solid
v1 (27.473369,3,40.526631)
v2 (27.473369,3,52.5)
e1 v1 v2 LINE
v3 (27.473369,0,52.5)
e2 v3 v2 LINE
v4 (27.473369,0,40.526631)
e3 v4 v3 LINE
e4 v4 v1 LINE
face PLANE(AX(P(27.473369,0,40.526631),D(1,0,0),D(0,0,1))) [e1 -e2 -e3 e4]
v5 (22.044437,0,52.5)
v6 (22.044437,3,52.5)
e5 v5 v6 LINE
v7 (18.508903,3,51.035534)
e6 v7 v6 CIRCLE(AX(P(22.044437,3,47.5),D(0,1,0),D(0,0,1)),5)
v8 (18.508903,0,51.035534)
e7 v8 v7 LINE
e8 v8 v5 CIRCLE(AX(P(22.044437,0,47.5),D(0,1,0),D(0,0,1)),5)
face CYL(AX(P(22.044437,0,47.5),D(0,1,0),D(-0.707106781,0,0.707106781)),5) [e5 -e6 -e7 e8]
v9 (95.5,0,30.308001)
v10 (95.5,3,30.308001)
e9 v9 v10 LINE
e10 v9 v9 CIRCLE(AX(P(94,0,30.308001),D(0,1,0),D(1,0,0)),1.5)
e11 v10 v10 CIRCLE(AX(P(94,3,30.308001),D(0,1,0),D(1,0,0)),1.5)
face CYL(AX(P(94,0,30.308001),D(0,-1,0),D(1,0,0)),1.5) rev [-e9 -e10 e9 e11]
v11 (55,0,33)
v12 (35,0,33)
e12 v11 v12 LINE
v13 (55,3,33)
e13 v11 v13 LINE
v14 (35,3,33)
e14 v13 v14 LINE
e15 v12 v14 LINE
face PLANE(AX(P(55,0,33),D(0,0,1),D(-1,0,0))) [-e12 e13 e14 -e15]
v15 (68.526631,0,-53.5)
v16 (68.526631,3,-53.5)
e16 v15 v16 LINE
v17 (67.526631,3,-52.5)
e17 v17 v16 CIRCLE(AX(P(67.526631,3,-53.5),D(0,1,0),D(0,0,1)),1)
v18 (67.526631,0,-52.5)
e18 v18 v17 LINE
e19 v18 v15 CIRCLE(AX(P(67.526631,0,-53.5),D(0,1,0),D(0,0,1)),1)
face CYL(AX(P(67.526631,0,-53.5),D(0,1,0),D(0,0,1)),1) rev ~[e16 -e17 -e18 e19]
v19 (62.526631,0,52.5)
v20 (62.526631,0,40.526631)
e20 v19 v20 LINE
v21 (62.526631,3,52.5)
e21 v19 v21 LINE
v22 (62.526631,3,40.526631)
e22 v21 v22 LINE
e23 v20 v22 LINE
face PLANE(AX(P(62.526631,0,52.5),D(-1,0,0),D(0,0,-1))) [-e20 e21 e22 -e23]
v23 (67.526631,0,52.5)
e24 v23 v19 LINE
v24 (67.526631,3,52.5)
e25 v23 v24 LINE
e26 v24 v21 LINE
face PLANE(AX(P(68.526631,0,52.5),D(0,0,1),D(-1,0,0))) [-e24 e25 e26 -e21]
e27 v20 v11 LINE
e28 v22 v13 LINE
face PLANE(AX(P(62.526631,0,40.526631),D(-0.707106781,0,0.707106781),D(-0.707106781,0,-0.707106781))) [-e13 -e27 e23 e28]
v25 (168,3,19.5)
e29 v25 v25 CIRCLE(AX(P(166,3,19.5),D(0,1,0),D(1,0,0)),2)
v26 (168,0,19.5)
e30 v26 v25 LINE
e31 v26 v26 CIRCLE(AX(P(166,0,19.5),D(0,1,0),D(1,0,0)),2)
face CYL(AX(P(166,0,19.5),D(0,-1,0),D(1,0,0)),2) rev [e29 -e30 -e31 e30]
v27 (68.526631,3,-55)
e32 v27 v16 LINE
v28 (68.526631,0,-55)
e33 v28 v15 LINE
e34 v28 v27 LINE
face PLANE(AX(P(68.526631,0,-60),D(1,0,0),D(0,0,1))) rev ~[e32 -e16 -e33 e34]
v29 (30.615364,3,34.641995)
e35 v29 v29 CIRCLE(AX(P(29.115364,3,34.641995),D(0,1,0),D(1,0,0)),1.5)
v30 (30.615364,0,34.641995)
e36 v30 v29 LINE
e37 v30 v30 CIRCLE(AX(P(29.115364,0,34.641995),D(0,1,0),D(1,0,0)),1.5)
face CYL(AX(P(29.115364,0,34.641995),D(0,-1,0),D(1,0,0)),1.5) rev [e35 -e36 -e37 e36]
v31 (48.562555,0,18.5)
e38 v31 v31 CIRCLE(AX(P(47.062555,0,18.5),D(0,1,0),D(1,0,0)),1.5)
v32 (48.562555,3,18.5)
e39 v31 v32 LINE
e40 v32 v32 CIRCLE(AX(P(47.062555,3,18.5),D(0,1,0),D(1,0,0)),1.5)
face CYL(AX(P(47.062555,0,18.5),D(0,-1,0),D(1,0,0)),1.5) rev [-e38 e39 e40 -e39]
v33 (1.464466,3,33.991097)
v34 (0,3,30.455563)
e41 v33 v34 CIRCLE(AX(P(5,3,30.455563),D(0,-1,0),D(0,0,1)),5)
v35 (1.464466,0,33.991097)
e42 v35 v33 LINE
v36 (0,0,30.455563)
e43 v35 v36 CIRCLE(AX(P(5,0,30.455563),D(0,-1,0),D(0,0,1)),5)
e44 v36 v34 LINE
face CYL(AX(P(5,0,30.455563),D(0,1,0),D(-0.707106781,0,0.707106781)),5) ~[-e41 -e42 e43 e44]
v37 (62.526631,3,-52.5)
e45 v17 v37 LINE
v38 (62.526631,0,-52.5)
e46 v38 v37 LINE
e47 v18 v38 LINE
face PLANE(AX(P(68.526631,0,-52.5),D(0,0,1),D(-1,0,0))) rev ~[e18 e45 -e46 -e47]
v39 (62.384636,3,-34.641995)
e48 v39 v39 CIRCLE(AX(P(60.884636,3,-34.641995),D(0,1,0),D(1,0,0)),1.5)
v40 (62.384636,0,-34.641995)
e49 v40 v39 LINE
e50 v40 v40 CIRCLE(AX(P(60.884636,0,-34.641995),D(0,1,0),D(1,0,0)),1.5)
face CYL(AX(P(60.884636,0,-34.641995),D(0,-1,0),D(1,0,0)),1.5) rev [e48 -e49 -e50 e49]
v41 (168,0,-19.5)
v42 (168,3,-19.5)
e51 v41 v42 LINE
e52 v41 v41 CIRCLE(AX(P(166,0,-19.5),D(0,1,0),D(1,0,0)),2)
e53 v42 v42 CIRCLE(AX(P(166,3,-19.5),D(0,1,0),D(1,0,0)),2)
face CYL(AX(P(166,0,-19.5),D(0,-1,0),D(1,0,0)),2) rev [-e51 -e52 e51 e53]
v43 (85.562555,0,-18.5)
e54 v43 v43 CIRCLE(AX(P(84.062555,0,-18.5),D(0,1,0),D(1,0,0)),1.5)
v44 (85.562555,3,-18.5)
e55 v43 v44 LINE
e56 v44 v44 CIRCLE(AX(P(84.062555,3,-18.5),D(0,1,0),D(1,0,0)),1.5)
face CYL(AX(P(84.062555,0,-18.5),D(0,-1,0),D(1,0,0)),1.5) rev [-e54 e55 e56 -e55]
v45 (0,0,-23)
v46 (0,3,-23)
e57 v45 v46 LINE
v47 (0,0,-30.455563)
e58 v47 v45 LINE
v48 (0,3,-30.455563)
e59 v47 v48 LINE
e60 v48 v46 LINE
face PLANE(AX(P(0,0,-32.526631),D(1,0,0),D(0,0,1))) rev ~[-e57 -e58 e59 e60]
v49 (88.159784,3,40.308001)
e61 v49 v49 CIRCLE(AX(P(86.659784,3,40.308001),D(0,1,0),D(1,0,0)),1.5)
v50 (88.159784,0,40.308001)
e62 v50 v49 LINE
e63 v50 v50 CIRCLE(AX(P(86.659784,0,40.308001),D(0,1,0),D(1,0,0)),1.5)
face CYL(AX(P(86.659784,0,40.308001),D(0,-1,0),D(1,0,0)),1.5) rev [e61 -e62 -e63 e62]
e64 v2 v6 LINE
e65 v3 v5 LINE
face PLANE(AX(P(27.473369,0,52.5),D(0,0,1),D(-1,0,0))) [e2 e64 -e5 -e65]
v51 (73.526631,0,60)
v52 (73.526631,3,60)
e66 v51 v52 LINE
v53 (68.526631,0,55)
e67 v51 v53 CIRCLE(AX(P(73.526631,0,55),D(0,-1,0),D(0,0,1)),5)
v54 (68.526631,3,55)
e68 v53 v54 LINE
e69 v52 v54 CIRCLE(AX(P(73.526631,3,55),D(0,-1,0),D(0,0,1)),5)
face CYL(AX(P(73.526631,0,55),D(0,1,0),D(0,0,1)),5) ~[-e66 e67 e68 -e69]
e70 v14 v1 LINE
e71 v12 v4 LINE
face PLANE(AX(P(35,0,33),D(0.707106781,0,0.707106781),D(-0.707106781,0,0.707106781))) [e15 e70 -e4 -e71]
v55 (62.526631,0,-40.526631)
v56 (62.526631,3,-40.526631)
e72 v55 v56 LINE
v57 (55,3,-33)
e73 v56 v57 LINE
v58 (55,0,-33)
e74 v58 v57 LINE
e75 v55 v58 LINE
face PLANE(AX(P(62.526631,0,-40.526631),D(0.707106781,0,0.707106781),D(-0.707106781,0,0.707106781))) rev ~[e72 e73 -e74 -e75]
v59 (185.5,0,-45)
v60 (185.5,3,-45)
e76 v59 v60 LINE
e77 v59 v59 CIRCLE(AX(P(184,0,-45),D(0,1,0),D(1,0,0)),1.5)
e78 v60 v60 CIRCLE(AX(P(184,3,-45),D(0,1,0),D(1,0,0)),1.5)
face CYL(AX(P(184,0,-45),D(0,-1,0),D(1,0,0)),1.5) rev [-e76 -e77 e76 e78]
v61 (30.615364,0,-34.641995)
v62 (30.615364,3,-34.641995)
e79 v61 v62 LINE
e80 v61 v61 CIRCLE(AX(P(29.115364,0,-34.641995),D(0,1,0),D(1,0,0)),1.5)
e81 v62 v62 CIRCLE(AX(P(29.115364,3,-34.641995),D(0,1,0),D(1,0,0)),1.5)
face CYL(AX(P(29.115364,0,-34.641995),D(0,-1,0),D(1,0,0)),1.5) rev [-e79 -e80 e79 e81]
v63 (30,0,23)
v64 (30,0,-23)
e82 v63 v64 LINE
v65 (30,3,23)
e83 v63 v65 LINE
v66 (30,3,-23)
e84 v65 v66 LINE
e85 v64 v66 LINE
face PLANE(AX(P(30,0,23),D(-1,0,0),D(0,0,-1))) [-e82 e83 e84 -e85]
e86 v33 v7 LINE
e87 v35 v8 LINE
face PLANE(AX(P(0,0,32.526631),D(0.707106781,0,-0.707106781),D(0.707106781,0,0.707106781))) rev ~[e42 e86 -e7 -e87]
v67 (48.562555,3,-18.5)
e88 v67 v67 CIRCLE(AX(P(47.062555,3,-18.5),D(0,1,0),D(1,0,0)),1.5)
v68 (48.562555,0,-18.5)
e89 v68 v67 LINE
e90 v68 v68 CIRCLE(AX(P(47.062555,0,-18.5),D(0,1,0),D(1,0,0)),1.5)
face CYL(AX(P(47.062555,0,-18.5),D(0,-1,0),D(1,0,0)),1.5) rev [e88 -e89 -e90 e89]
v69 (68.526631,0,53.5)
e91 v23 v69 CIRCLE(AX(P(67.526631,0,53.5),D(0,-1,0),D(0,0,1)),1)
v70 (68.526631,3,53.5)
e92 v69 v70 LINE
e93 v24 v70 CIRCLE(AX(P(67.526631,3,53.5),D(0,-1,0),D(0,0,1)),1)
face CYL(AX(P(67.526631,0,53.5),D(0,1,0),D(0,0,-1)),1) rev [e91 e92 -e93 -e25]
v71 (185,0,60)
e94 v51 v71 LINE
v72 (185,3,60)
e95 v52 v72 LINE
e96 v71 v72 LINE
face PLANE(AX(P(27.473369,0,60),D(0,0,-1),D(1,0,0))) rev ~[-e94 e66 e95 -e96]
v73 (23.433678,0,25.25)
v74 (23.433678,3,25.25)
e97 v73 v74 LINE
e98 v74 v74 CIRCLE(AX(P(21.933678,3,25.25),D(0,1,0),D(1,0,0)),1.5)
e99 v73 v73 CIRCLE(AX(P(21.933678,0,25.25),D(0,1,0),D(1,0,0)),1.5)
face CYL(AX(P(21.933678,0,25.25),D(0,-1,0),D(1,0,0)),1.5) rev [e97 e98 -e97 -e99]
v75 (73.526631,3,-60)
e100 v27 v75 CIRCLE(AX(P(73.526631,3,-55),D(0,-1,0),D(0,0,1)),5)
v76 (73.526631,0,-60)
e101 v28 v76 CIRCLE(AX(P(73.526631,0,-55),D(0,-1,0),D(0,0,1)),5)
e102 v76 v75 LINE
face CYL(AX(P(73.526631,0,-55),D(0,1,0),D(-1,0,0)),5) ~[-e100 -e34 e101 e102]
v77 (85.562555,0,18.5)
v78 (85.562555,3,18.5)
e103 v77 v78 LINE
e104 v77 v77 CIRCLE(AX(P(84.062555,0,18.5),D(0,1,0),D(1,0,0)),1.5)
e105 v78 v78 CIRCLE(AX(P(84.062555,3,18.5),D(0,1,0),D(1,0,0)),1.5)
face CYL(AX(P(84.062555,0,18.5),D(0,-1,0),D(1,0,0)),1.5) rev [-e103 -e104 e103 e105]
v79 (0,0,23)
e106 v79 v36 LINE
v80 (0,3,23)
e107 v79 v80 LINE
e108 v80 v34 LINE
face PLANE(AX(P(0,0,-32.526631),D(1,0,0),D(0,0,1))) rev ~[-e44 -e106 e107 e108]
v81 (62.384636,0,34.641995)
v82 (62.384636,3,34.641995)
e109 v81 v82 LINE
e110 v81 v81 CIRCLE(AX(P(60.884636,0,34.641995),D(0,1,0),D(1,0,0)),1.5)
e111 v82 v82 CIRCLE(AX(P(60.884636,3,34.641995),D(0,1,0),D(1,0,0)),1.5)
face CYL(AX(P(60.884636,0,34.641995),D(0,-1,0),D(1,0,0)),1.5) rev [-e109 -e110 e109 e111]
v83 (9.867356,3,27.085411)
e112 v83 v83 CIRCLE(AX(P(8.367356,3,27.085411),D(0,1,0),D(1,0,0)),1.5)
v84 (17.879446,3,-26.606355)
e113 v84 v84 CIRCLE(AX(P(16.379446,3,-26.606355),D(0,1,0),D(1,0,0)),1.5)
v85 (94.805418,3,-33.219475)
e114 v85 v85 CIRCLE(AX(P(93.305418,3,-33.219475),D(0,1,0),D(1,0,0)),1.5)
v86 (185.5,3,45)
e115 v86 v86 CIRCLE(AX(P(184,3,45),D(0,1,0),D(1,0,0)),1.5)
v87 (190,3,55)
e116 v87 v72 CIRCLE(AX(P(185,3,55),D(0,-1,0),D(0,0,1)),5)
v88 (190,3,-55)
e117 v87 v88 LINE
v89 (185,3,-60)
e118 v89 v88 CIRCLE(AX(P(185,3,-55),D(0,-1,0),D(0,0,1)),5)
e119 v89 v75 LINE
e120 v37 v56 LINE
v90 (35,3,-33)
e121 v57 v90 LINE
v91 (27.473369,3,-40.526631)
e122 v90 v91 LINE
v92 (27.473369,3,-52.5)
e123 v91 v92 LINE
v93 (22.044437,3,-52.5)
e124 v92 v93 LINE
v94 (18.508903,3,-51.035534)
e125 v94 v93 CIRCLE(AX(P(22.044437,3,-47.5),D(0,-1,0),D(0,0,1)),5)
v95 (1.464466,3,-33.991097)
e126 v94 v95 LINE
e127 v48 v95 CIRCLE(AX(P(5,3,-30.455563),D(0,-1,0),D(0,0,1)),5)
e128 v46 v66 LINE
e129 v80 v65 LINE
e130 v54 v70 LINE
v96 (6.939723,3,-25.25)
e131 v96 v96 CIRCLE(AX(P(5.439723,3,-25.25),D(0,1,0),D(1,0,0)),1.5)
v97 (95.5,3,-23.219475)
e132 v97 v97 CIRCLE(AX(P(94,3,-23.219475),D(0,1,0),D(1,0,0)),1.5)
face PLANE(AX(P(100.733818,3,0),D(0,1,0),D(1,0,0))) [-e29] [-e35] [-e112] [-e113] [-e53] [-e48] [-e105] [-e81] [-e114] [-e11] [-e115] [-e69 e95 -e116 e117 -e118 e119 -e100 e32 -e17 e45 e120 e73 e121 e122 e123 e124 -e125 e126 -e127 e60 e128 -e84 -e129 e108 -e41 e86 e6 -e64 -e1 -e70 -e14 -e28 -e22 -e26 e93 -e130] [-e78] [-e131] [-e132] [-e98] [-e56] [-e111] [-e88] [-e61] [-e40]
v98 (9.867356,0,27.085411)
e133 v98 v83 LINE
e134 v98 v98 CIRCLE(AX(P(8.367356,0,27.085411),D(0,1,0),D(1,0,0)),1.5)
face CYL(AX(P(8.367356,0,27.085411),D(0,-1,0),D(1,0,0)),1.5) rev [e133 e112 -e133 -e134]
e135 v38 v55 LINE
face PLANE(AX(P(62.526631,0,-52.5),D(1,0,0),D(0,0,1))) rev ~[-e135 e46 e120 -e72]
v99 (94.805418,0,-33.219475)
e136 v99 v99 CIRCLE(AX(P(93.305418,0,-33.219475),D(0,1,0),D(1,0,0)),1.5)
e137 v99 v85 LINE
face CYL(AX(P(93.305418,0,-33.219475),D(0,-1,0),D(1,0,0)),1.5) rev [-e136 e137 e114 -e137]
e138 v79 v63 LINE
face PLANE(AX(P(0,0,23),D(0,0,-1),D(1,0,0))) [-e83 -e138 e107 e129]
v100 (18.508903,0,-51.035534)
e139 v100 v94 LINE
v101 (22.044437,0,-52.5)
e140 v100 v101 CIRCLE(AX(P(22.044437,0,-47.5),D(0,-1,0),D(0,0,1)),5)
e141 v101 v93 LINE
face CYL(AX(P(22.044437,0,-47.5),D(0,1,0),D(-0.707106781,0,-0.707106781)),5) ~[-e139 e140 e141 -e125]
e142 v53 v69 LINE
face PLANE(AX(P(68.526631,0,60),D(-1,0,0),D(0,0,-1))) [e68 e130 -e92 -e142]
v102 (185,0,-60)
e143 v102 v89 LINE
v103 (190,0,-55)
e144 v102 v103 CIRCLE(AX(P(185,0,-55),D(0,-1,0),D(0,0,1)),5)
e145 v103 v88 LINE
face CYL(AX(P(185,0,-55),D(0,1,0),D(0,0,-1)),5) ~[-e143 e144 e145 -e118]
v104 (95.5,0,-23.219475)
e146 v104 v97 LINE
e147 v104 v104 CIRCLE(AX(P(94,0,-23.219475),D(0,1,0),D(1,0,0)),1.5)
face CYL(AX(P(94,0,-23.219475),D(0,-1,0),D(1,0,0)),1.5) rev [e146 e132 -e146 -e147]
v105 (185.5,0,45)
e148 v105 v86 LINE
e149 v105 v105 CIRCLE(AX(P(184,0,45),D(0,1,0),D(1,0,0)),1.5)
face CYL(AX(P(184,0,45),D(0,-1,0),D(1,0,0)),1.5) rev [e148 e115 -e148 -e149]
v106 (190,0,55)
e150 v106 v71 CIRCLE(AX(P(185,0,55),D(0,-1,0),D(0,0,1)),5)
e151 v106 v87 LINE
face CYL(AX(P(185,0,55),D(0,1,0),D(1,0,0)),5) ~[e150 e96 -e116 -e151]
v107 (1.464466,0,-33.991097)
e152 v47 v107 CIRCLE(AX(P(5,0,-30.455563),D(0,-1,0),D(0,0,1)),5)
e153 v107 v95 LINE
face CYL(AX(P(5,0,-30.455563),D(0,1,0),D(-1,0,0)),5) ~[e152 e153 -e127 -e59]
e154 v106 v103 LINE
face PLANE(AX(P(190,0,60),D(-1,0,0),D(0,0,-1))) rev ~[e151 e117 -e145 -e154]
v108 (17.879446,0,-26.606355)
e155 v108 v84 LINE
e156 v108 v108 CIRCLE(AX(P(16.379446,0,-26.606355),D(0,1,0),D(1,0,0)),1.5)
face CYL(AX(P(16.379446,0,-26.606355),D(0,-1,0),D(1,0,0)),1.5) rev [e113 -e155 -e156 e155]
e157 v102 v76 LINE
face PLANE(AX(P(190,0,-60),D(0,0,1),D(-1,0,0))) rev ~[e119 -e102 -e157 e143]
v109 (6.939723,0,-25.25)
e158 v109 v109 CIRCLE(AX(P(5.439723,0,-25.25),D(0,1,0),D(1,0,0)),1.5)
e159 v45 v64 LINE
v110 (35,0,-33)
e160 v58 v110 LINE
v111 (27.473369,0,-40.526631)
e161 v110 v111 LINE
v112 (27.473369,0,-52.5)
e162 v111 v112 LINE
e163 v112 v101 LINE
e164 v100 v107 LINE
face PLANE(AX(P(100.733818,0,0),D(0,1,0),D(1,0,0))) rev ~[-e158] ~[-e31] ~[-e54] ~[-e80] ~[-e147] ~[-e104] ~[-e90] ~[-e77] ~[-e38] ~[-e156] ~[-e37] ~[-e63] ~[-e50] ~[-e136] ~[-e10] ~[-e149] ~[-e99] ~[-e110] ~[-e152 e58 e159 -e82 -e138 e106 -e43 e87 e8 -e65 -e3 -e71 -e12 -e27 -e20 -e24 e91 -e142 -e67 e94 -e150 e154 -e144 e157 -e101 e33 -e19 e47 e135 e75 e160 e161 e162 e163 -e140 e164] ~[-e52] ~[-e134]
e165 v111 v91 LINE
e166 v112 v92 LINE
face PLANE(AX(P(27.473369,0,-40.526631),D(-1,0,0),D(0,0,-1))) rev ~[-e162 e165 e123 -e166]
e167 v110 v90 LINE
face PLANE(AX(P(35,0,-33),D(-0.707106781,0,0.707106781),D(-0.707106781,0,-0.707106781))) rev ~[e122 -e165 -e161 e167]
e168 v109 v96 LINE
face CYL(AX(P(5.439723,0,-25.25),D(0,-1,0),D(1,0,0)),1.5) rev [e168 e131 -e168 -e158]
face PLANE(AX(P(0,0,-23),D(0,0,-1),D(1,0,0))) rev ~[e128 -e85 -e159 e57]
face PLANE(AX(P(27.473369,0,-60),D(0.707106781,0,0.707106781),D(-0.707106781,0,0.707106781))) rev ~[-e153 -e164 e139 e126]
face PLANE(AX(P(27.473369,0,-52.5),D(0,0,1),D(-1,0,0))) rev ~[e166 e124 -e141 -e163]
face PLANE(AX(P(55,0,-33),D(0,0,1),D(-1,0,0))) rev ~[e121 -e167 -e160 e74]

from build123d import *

# Parameters (mm, degrees)
BOSS_EXTRUDE1_DEPTH = 3
SKETCH4_W           = 30
SKETCH4_H           = 46
CUT_EXTRUDE1_DEPTH  = 3
FILLET1_R           = 5
FILLET2_R           = 1
SKETCH5_R           = 1.5
SKETCH5_R_2         = 2
CUT_EXTRUDE2_DEPTH  = 3


with BuildPart() as part:
    # Sketch1 → Boss-Extrude1 (new body)
    with BuildSketch(Plane(origin=(0, 0, 0), x_dir=(1, 0, 0), z_dir=(0, 1, 0))):
        Polygon((0, -32.526631134), (27.473368866, -60), (190, -60), (190, 60), (27.473368866, 60), (0, 32.526631134), (0, 23), (0, -23), align=None)
    extrude(amount=BOSS_EXTRUDE1_DEPTH)

    # Sketch4 → Cut-Extrude1 (cut)
    with BuildSketch(Plane(origin=(0, 0, 0), x_dir=(1, 0, 0), z_dir=(0, 1, 0))):
        Polygon((68.526631134, -60), (68.526631134, -52.5), (62.526631134, -52.5), (62.526631134, -40.526631134), (55, -33), (35, -33), (27.473368866, -40.526631134), (27.473368866, -52.5), (19.973368866, -52.5), (27.473368866, -60), align=None)
        Polygon((27.473368866, 60), (68.526631134, 60), (68.526631134, 52.5), (62.526631134, 52.5), (62.526631134, 40.526631134), (55, 33), (35, 33), (27.473368866, 40.526631134), (27.473368866, 52.5), (19.973368866, 52.5), align=None)
        with Locations((15, 0)):
            Rectangle(SKETCH4_W, SKETCH4_H)
    extrude(amount=CUT_EXTRUDE1_DEPTH, mode=Mode.SUBTRACT)

    # Fillet1
    fillet1_edges = [part.edges().sort_by_distance(p)[0] for p in [
        (190, 1.5, -60),
        (190, 1.5, 60),
        (0, 1.5, 32.526631134),
        (0, 1.5, -32.526631134),
        (68.526631134, 1.5, 60),
        (19.973368866, 1.5, 52.5),
        (19.973368866, 1.5, -52.5),
        (68.526631134, 1.5, -60),
    ]]
    fillet(fillet1_edges, radius=FILLET1_R)

    # Fillet2
    fillet2_edges = [part.edges().sort_by_distance(p)[0] for p in [
        (68.526631134, 1.5, 52.5),
        (68.526631134, 1.5, -52.5),
    ]]
    fillet(fillet2_edges, radius=FILLET2_R)

    # Sketch5 → Cut-Extrude2 (cut)
    with BuildSketch(Plane(origin=(0, 0, 0), x_dir=(1, 0, 0), z_dir=(0, 1, 0))):
        with Locations((47.062554885, -18.5)):
            Circle(SKETCH5_R)
        with Locations((84.062554885, -18.5)):
            Circle(SKETCH5_R)
        with Locations((84.062554885, 18.5)):
            Circle(SKETCH5_R)
        with Locations((47.062554885, 18.5)):
            Circle(SKETCH5_R)
        with Locations((94, 23.219474586)):
            Circle(SKETCH5_R)
        with Locations((93.305417602, 33.219474586)):
            Circle(SKETCH5_R)
        with Locations((29.11536409, 34.641995223)):
            Circle(SKETCH5_R)
        with Locations((60.88463591, 34.641995223)):
            Circle(SKETCH5_R)
        with Locations((8.367356219, -27.085410895)):
            Circle(SKETCH5_R)
        with Locations((16.379446424, 26.606355181)):
            Circle(SKETCH5_R)
        with Locations((94, -30.308001182)):
            Circle(SKETCH5_R)
        with Locations((86.659783805, -40.308001182)):
            Circle(SKETCH5_R)
        with Locations((184, -45)):
            Circle(SKETCH5_R)
        with Locations((184, 45)):
            Circle(SKETCH5_R)
        with Locations((166, -19.5)):
            Circle(SKETCH5_R_2)
        with Locations((166, 19.5)):
            Circle(SKETCH5_R_2)
        with Locations((29.11536409, -34.641995223)):
            Circle(SKETCH5_R)
        with Locations((60.88463591, -34.641995223)):
            Circle(SKETCH5_R)
        with Locations((21.933678109, -25.25)):
            Circle(SKETCH5_R)
        with Locations((5.439723212, 25.25)):
            Circle(SKETCH5_R)
    extrude(amount=CUT_EXTRUDE2_DEPTH, mode=Mode.SUBTRACT)


solid = part.part
